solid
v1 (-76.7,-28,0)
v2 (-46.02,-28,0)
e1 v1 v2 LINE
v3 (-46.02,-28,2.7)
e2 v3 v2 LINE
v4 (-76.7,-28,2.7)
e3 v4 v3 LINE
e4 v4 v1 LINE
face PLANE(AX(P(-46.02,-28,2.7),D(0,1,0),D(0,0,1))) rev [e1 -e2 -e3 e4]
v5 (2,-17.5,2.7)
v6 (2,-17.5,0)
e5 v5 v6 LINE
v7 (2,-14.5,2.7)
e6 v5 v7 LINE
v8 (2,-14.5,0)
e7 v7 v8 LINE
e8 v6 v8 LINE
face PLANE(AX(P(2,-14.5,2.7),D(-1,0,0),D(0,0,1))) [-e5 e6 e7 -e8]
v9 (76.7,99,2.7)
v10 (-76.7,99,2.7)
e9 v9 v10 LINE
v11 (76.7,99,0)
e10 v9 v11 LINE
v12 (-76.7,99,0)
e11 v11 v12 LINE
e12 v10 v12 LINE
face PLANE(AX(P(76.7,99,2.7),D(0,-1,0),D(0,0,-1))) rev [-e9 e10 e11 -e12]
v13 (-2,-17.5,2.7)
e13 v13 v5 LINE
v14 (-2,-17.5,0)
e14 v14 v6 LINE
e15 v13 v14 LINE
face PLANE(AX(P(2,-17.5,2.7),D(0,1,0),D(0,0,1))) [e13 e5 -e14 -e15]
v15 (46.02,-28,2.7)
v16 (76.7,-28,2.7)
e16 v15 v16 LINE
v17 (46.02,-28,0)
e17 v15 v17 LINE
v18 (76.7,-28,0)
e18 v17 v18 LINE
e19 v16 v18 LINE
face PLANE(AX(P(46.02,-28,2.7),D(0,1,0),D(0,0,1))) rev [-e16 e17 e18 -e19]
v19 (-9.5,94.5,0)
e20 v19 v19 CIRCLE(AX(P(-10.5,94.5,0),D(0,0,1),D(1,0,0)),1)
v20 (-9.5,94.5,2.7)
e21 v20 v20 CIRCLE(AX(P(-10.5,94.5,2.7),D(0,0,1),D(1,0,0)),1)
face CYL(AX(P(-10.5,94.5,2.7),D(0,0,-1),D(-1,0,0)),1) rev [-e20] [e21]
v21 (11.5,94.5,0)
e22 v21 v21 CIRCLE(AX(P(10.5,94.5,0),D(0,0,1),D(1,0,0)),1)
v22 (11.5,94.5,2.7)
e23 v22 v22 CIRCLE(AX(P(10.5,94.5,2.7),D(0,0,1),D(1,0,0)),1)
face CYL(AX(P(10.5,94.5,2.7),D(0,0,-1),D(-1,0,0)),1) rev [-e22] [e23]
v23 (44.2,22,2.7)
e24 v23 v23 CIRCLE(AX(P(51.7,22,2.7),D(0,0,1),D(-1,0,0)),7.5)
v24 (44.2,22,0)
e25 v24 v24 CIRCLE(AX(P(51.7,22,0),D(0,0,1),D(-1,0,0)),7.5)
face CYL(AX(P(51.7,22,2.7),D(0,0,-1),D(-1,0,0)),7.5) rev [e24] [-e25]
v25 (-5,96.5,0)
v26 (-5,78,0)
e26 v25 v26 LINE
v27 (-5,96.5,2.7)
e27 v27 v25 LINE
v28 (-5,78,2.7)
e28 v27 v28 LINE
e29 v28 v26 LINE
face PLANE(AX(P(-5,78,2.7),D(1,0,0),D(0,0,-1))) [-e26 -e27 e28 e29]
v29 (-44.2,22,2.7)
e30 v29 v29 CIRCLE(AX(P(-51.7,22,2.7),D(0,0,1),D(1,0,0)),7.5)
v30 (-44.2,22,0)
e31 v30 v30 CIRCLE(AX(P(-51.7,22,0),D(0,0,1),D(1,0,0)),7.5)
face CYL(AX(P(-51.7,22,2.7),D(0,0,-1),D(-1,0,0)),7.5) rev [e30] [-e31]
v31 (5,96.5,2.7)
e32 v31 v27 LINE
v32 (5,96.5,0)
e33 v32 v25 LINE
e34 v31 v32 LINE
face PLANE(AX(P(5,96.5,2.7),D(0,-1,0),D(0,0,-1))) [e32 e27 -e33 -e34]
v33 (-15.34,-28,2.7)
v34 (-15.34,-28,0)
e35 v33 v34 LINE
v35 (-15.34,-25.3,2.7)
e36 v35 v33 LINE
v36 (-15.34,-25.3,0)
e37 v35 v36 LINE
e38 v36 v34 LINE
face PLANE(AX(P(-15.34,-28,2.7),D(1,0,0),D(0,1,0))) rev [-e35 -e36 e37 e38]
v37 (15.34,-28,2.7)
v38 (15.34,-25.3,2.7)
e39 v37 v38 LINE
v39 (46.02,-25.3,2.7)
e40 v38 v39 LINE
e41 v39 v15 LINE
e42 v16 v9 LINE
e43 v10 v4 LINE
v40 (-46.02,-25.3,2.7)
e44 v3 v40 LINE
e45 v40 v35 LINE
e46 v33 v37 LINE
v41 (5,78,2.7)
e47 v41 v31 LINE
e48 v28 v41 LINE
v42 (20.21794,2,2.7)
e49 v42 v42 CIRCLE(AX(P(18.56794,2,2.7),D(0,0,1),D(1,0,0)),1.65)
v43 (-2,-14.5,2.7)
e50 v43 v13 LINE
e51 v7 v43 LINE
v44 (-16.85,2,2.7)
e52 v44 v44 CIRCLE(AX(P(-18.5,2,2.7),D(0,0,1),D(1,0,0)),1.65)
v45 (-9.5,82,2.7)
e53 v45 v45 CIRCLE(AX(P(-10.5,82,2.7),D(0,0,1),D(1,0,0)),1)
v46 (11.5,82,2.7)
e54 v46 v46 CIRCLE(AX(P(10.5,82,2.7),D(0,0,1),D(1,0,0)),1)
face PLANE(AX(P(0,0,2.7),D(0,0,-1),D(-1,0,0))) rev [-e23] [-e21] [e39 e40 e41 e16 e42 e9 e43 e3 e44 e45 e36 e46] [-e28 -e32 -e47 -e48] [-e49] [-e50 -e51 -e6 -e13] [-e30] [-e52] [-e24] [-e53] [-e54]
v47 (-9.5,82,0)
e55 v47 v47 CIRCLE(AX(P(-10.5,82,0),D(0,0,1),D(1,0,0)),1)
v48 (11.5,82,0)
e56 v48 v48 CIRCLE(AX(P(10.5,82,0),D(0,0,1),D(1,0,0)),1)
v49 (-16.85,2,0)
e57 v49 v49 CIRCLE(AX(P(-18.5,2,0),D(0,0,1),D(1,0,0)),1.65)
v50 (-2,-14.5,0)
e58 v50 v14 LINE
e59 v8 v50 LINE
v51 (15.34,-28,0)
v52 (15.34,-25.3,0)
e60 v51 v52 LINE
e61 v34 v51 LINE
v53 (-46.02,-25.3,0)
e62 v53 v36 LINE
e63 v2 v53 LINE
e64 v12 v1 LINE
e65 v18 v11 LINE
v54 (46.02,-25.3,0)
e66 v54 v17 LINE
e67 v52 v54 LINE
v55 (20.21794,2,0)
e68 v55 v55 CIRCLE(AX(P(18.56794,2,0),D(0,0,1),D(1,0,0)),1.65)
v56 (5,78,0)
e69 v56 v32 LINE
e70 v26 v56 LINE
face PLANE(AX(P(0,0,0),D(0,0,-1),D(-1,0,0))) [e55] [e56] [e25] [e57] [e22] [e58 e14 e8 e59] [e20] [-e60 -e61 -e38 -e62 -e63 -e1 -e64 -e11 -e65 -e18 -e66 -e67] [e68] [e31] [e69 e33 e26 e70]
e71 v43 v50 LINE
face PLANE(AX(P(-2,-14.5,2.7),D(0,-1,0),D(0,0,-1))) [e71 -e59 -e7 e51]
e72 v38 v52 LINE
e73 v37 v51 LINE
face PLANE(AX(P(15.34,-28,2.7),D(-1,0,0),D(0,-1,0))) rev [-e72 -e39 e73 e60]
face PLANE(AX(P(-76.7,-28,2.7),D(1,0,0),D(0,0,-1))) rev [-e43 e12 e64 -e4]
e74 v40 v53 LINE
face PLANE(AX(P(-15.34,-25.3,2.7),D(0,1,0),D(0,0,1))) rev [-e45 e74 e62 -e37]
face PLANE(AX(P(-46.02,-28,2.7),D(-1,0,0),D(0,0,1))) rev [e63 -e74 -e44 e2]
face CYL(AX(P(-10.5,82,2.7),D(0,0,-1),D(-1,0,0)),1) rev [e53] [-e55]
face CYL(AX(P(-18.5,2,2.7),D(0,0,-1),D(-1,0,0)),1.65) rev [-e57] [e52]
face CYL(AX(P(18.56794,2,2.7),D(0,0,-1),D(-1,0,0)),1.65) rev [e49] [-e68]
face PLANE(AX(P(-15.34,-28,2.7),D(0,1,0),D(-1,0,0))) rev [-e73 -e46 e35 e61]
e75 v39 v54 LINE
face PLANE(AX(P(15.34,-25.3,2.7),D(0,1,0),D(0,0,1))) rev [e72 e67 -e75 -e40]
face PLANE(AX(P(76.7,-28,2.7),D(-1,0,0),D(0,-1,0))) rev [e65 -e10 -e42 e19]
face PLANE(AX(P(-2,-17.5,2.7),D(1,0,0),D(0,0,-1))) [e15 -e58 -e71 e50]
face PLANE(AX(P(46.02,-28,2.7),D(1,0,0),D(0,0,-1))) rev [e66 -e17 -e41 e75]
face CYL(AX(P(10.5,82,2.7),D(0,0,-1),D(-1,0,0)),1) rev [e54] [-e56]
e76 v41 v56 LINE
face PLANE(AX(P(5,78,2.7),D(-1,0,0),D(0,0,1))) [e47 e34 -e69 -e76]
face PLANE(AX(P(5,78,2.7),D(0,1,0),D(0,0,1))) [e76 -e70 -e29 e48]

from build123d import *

# Parameters (mm, degrees)
SKETCH1_R           = 1.65
SKETCH1_R_2         = 7.5
SKETCH1_R_3         = 1
SKETCH1_W           = 4
SKETCH1_H           = 3
SKETCH1_W_2         = 10
SKETCH1_H_2         = 18.5
BOSS_EXTRUDE3_DEPTH = 2.7


with BuildPart() as part:
    # Sketch1 → Boss-Extrude3 (new body)
    with BuildSketch(Plane.XY):
        Polygon((-46.02, -28), (-46.02, -25.3), (-15.34, -25.3), (-15.34, -28), (15.34, -28), (15.34, -25.3), (46.02, -25.3), (46.02, -28), (76.7, -28), (76.7, 99), (-76.7, 99), (-76.7, -28), align=None)
        with Locations((-18.5, 2)):
            Circle(SKETCH1_R, mode=Mode.SUBTRACT)
        with Locations((18.567940233, 2)):
            Circle(SKETCH1_R, mode=Mode.SUBTRACT)
        with Locations((-51.7, 22)):
            Circle(SKETCH1_R_2, mode=Mode.SUBTRACT)
        with Locations((51.7, 22)):
            Circle(SKETCH1_R_2, mode=Mode.SUBTRACT)
        with Locations((10.5, 94.5)):
            Circle(SKETCH1_R_3, mode=Mode.SUBTRACT)
        with Locations((-10.5, 82)):
            Circle(SKETCH1_R_3, mode=Mode.SUBTRACT)
        with Locations((-10.5, 94.5)):
            Circle(SKETCH1_R_3, mode=Mode.SUBTRACT)
        with Locations((10.5, 82)):
            Circle(SKETCH1_R_3, mode=Mode.SUBTRACT)
        with Locations((0, -16)):
            Rectangle(SKETCH1_W, SKETCH1_H, mode=Mode.SUBTRACT)
        with Locations((0, 87.25)):
            Rectangle(SKETCH1_W_2, SKETCH1_H_2, mode=Mode.SUBTRACT)
    extrude(amount=BOSS_EXTRUDE3_DEPTH)


solid = part.part
